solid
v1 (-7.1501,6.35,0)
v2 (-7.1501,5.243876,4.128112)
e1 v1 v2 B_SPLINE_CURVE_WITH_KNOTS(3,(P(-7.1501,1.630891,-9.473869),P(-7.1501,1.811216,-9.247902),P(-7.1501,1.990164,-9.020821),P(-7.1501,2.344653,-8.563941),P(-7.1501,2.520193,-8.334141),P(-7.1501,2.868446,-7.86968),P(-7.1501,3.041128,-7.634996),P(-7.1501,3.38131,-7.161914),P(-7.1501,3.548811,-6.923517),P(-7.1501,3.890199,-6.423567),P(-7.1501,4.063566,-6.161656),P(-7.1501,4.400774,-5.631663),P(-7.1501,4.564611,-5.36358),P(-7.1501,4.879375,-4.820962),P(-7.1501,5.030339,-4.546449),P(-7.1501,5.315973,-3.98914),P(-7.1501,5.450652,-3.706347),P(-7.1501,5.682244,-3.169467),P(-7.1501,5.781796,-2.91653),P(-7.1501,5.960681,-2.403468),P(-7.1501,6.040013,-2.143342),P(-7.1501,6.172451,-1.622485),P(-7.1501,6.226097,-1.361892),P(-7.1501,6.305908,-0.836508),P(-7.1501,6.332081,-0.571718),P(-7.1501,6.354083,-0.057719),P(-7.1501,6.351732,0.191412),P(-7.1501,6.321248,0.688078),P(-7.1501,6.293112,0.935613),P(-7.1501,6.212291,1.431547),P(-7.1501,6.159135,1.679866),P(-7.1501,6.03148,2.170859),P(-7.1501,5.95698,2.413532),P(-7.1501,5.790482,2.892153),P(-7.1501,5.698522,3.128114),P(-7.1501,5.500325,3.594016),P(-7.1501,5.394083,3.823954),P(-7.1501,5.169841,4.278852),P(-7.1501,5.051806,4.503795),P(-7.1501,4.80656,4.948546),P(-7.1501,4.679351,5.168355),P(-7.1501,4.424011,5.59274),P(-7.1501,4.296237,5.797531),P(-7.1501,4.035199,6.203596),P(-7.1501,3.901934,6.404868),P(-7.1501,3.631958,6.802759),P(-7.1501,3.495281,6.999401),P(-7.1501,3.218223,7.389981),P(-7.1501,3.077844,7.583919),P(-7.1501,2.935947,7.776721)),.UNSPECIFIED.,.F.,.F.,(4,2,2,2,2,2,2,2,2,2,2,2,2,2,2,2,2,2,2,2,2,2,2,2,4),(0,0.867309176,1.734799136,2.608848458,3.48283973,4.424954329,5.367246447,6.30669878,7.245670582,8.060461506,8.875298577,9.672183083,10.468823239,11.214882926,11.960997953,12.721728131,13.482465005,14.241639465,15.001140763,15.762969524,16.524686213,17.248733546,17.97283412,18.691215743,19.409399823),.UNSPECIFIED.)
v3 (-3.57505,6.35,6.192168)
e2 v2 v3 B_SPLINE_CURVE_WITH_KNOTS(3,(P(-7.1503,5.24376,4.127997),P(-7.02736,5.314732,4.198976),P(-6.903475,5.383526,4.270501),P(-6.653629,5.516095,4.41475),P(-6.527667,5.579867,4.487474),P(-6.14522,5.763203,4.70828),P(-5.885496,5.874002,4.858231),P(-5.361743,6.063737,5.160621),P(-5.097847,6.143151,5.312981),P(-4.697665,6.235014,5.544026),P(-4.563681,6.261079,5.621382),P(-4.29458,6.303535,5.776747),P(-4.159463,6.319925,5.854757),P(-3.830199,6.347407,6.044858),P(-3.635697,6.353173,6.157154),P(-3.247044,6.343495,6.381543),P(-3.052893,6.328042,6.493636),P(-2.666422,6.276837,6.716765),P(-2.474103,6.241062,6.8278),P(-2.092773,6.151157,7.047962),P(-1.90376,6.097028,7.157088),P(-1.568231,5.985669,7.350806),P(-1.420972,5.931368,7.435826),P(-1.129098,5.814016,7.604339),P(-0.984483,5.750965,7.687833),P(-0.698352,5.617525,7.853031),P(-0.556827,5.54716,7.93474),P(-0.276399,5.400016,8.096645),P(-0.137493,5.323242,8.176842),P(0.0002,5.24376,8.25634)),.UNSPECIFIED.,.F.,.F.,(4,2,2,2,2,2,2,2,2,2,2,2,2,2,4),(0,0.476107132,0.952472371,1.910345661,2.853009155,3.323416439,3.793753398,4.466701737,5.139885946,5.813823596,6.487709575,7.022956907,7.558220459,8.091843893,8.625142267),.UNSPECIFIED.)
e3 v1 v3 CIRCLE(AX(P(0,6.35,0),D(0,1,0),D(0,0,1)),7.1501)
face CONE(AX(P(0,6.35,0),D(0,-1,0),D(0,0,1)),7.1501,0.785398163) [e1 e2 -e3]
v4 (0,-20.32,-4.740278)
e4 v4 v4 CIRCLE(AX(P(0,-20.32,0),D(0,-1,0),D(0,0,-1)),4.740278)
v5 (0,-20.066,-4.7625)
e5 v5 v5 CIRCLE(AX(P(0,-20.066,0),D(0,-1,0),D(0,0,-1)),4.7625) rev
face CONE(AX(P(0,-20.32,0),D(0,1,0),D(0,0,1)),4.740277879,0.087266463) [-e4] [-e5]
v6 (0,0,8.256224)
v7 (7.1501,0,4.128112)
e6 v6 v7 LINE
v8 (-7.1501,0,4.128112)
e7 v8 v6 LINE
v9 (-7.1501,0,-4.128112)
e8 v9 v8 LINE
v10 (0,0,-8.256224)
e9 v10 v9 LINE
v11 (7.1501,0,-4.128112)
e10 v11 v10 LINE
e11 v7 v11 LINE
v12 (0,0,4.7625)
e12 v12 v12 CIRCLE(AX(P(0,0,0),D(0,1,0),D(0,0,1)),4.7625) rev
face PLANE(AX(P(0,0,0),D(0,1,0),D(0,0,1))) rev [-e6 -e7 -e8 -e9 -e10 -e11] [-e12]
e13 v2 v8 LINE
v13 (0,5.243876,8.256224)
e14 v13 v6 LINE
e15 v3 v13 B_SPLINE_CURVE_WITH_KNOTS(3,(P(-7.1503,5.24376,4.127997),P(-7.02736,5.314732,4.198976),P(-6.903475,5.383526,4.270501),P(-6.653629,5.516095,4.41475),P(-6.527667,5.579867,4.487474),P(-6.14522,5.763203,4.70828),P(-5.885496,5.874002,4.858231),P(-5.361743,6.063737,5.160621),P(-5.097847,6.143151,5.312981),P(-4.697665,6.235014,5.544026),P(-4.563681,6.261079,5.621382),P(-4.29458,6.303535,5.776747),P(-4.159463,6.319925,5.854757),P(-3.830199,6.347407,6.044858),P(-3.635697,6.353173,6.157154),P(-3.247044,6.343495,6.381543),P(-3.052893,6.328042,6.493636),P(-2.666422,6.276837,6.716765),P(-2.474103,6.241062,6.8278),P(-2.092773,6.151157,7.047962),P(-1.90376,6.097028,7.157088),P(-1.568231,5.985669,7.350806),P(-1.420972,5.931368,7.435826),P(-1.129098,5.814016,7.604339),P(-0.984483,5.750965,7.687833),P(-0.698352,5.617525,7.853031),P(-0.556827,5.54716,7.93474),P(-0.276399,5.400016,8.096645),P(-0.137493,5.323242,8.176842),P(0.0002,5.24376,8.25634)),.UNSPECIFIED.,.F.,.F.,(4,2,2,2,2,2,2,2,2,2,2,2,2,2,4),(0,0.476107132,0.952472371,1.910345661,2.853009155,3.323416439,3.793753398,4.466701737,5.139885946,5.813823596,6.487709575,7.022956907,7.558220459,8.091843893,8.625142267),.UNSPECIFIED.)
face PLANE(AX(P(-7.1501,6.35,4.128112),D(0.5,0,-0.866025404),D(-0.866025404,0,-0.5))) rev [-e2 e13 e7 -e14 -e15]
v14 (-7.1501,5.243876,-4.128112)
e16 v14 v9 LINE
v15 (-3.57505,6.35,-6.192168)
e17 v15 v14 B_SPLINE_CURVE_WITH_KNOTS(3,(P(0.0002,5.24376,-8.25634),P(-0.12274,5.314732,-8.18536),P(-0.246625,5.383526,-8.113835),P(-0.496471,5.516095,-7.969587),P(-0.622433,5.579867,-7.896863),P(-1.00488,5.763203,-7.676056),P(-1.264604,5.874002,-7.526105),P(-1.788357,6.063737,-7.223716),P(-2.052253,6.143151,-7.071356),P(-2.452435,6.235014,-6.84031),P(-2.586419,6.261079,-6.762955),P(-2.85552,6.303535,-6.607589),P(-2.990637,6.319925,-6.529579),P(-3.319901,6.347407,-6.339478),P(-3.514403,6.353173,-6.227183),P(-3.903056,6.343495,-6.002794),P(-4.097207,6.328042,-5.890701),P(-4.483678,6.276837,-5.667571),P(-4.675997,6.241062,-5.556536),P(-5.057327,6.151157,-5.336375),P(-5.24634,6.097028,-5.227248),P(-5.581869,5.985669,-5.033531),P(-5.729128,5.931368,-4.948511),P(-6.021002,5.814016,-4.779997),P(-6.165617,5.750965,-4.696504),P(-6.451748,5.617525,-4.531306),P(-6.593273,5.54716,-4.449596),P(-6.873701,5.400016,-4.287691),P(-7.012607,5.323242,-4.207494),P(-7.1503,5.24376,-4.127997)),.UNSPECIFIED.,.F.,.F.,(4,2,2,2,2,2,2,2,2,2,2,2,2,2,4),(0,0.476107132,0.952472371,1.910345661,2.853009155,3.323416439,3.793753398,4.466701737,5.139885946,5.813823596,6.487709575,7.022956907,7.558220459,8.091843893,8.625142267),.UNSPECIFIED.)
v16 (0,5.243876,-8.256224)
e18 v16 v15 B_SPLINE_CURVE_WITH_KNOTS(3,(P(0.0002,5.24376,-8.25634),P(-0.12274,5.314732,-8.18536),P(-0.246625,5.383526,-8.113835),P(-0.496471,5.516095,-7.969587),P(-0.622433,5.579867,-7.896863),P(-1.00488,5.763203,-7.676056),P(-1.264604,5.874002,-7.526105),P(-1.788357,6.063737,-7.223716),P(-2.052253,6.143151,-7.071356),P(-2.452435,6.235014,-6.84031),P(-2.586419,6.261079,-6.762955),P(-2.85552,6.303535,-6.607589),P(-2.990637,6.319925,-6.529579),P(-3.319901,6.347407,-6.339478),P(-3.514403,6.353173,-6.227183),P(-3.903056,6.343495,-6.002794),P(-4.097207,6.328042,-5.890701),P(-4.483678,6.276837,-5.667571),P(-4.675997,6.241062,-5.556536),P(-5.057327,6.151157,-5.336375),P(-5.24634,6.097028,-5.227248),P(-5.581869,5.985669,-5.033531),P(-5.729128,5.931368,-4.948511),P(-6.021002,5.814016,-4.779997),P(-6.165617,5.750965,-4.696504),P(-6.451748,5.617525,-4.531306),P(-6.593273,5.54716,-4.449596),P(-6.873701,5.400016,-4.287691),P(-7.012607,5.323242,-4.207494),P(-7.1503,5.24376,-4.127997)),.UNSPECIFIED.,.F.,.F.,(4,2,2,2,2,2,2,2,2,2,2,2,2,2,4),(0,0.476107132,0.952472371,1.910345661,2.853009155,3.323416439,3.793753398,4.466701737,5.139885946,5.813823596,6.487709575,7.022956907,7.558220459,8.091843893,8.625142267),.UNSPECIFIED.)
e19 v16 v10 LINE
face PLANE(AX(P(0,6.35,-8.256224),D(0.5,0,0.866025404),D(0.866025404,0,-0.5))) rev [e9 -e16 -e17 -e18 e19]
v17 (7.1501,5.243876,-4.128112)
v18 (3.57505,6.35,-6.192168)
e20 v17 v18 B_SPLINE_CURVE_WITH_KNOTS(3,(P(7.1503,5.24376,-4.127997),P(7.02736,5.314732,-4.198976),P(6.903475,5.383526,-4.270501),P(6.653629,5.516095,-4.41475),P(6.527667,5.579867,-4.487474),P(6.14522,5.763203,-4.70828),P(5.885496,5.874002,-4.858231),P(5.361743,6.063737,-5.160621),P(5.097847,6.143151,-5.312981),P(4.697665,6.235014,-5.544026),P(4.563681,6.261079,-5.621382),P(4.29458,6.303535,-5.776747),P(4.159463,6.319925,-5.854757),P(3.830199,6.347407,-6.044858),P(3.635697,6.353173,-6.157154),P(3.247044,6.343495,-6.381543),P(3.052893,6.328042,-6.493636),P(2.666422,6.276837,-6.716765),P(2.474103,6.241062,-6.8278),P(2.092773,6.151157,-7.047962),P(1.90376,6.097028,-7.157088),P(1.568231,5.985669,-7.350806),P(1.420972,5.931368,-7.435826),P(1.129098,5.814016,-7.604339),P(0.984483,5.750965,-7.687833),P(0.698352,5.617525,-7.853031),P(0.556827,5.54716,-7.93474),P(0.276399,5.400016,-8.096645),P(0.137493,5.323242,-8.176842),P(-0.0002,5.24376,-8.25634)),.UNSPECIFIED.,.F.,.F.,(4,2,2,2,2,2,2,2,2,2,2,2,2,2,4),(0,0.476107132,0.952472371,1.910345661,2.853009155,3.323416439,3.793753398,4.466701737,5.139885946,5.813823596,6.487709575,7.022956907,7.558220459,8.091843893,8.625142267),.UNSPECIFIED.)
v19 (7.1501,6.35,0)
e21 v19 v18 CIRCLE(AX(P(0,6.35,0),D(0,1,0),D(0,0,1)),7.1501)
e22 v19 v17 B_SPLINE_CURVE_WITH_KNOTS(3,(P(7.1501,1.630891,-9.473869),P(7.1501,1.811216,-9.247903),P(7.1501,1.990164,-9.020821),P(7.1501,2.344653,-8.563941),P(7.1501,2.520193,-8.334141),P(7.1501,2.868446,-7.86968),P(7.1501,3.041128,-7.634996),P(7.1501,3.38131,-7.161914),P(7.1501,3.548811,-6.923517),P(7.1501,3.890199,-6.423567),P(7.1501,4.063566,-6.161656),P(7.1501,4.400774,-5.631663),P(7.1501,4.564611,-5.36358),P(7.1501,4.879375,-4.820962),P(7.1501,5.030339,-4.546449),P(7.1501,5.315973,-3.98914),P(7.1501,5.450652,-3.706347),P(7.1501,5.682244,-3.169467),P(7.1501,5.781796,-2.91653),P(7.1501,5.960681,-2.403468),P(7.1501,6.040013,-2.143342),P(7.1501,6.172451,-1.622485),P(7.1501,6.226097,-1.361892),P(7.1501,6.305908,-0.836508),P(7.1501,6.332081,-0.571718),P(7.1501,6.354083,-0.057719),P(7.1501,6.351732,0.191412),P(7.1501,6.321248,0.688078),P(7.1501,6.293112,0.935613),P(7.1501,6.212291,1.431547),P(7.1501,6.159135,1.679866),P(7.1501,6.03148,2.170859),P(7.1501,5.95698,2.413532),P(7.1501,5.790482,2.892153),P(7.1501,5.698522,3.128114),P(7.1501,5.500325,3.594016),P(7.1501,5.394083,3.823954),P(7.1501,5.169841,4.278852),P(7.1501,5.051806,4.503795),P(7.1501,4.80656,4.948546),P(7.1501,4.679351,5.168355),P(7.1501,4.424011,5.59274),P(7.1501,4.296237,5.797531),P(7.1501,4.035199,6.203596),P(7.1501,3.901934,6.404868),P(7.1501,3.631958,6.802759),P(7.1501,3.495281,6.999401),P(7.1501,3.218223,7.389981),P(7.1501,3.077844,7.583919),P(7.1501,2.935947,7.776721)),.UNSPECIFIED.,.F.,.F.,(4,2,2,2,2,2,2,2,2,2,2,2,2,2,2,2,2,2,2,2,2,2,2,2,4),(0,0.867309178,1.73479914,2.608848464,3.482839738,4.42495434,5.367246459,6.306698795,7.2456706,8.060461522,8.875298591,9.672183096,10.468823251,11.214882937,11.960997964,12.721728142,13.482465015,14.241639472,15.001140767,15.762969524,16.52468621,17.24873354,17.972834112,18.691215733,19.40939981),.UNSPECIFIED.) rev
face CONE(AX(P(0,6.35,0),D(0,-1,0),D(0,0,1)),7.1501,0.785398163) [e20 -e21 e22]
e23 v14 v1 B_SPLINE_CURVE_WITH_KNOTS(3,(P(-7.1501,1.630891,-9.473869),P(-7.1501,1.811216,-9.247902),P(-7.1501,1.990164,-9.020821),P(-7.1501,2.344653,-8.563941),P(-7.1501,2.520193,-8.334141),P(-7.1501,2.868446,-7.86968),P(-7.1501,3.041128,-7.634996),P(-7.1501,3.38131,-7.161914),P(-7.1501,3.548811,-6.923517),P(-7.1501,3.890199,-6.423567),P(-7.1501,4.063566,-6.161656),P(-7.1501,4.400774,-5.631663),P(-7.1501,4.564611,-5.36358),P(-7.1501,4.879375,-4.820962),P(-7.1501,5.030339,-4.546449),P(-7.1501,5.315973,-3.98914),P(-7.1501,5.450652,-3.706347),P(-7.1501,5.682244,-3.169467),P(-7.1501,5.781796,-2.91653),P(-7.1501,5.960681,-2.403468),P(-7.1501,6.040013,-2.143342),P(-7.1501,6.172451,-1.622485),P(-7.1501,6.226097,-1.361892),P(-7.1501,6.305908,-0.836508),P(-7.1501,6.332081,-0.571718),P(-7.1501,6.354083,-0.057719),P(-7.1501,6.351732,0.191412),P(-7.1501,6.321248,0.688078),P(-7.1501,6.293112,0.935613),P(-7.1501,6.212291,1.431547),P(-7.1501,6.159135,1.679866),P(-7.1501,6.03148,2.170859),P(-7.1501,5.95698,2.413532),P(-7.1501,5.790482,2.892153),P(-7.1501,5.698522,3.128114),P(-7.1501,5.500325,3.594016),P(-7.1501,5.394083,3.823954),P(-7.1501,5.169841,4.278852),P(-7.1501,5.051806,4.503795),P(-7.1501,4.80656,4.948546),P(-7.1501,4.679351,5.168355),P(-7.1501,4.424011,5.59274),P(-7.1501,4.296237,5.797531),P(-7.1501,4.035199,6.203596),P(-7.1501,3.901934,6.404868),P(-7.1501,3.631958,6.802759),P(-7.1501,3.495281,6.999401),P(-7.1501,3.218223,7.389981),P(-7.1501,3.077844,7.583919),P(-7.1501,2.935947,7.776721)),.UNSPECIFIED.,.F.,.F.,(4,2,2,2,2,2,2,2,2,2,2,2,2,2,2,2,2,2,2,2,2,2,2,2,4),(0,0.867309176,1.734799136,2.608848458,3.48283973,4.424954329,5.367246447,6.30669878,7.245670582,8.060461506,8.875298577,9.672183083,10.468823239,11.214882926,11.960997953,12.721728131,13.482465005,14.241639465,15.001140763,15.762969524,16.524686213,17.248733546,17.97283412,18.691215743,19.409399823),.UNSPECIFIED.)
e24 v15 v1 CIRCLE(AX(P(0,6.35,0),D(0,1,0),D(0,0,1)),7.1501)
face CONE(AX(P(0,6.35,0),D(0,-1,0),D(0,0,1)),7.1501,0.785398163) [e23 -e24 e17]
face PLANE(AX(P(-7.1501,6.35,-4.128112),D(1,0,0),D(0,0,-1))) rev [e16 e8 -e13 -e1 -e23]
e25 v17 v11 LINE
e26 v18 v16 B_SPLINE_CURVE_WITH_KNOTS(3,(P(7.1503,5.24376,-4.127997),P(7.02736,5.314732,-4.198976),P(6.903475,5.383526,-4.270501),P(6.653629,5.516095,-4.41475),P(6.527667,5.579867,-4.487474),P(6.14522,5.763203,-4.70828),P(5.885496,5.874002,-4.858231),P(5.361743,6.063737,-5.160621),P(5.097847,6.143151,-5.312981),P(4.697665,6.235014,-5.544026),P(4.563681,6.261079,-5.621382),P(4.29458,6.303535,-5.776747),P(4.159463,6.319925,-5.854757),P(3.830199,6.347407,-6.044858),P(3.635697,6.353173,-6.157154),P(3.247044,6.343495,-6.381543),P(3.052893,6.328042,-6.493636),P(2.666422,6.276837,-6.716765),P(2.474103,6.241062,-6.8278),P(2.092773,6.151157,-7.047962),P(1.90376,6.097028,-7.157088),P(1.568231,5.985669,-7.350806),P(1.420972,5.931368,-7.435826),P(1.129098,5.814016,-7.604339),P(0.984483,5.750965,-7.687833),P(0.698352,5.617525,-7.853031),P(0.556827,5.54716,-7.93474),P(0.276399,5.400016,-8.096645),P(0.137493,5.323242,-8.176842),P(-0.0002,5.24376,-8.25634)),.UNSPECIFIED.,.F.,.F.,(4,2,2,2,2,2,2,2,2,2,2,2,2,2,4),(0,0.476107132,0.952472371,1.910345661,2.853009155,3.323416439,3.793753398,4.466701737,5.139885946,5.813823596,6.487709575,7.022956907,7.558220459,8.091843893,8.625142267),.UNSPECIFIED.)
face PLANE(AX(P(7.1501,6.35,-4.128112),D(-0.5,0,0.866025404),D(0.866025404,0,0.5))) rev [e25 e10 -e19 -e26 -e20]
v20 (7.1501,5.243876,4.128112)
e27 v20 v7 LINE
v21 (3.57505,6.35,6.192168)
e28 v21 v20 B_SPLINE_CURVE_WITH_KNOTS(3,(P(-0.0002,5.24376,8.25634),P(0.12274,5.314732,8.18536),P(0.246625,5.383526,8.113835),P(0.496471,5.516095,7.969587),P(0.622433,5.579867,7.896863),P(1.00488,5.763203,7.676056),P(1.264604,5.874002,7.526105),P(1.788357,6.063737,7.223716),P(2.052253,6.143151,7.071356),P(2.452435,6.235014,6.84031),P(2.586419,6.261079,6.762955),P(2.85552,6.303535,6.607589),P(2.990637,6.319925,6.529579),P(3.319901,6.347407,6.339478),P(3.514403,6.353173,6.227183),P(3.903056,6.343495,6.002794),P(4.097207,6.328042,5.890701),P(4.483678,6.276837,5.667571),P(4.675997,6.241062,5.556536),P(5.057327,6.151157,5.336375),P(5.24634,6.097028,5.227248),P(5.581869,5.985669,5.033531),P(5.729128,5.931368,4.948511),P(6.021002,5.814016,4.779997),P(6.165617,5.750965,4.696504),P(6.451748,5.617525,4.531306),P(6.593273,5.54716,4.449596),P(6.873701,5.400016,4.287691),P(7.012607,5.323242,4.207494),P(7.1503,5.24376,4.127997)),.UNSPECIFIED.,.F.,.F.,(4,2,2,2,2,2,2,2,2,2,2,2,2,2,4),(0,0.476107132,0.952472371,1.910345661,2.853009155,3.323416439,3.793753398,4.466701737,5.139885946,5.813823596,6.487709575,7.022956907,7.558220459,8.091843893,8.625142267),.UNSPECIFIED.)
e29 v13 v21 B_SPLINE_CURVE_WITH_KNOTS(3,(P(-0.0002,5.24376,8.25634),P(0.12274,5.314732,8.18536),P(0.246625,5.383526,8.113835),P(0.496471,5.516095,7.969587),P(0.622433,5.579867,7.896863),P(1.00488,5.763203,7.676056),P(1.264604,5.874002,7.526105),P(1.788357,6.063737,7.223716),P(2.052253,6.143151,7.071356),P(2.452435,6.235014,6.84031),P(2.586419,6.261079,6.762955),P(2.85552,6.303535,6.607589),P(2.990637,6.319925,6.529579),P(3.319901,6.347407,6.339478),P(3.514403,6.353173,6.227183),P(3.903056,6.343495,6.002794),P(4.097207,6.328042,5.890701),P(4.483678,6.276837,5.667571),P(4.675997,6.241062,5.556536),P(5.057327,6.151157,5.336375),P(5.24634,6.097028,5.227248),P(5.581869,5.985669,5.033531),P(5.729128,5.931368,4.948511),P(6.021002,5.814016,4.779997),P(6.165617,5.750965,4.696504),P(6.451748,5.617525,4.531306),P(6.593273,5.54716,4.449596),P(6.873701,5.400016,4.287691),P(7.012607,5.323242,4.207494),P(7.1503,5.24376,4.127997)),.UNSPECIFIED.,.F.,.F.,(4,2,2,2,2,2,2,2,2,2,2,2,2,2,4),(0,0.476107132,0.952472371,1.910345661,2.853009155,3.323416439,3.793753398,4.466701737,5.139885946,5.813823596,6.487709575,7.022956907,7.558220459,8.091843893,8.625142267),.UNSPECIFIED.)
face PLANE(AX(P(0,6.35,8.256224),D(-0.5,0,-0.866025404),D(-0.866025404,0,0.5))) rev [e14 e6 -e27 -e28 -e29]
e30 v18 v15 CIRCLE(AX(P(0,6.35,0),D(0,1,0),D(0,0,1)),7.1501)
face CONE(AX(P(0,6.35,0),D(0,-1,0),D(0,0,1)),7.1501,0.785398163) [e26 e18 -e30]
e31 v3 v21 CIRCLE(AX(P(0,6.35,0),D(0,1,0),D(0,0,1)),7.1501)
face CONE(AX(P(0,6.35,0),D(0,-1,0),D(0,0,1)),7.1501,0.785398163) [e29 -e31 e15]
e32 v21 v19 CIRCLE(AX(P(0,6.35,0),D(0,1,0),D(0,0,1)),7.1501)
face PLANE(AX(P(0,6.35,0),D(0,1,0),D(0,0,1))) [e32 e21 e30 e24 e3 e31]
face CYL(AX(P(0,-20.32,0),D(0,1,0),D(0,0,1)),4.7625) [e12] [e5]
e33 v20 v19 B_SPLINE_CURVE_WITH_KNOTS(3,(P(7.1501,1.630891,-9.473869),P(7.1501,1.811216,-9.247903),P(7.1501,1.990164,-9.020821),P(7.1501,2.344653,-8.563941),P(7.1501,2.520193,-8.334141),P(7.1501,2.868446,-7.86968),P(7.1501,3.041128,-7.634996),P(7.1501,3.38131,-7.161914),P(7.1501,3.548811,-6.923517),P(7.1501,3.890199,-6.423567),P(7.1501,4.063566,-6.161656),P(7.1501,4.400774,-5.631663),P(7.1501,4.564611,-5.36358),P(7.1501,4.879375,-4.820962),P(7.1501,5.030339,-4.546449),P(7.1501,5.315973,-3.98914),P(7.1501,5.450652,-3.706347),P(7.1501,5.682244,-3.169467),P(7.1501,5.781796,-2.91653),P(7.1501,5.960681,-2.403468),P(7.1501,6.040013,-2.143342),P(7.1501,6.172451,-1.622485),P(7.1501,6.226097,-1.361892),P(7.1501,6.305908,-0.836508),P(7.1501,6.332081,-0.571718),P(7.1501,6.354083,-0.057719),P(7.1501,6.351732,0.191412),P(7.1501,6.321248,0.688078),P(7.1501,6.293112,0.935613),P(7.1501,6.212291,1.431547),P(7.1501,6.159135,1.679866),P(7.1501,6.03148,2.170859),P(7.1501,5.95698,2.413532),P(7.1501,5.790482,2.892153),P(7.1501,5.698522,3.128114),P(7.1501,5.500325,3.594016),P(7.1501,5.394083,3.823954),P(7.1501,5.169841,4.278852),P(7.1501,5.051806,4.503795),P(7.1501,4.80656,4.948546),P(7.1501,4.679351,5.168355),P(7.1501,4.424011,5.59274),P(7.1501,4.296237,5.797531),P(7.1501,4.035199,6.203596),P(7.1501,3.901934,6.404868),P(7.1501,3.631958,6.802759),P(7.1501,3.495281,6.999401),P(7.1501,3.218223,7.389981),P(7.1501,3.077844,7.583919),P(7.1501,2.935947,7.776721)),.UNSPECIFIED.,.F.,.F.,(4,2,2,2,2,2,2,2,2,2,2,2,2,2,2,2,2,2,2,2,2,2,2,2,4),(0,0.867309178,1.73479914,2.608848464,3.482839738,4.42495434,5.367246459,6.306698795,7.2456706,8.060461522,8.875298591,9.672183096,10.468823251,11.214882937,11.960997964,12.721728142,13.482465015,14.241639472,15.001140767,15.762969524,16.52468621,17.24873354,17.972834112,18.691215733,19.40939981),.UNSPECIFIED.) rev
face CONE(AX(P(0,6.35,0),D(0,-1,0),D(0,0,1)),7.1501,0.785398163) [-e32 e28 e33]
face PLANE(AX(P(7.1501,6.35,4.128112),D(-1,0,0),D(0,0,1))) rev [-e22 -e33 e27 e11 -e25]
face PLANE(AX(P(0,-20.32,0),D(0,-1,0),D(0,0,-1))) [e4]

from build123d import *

# Parameters (mm, degrees)
BOSS_EXTRUDE1_DEPTH = 6.35
SKETCH2_R           = 4.7625
BOSS_EXTRUDE2_DEPTH = 20.32
SKETCH3_OUTSIDE_W   = 63.834
SKETCH3_OUTSIDE_H   = 66.046
SKETCH3_OUTSIDE_R   = 7.1501
CUT_EXTRUDE1_DEPTH  = 20.32
CUT_EXTRUDE1_TAPER  = 45
CHAMFER1_SIZE       = 0.254
CHAMFER1_SIZE2      = 0.022222121


with BuildPart() as part:
    # Sketch1 → Boss-Extrude1 (new body)
    with BuildSketch(Plane(origin=(0, 0, 0), x_dir=(1, 0, 0), z_dir=(0, 1, 0))):
        Polygon((0, 8.256224319), (-7.1501, 4.12811216), (-7.1501, -4.12811216), (0, -8.256224319), (7.1501, -4.12811216), (7.1501, 4.12811216), align=None)
    extrude(amount=BOSS_EXTRUDE1_DEPTH)

    # Sketch2 → Boss-Extrude2 (add)
    with BuildSketch(Plane.XZ):
        Circle(SKETCH2_R)
    extrude(amount=BOSS_EXTRUDE2_DEPTH)

    # Sketch3 outside → Cut-Extrude1 (cut)
    with BuildSketch(Plane(origin=(0, 6.35, 0), x_dir=(1, 0, 0), z_dir=(0, 1, 0))):
        Rectangle(SKETCH3_OUTSIDE_W, SKETCH3_OUTSIDE_H)
        Circle(SKETCH3_OUTSIDE_R, mode=Mode.SUBTRACT)
    extrude(amount=-CUT_EXTRUDE1_DEPTH, taper=CUT_EXTRUDE1_TAPER, mode=Mode.SUBTRACT)

    # Chamfer1
    chamfer1_edges = [part.edges().sort_by_distance(p)[0] for p in [
        (-4.7625, -20.32, 0),
    ]]
    chamfer1_side = [part.faces().sort_by_distance(p)[0] for p in [
        (-4.7625, -10.16, 0),
    ]]
    chamfer(chamfer1_edges, length=CHAMFER1_SIZE, length2=CHAMFER1_SIZE2, reference=chamfer1_side[0])


solid = part.part
